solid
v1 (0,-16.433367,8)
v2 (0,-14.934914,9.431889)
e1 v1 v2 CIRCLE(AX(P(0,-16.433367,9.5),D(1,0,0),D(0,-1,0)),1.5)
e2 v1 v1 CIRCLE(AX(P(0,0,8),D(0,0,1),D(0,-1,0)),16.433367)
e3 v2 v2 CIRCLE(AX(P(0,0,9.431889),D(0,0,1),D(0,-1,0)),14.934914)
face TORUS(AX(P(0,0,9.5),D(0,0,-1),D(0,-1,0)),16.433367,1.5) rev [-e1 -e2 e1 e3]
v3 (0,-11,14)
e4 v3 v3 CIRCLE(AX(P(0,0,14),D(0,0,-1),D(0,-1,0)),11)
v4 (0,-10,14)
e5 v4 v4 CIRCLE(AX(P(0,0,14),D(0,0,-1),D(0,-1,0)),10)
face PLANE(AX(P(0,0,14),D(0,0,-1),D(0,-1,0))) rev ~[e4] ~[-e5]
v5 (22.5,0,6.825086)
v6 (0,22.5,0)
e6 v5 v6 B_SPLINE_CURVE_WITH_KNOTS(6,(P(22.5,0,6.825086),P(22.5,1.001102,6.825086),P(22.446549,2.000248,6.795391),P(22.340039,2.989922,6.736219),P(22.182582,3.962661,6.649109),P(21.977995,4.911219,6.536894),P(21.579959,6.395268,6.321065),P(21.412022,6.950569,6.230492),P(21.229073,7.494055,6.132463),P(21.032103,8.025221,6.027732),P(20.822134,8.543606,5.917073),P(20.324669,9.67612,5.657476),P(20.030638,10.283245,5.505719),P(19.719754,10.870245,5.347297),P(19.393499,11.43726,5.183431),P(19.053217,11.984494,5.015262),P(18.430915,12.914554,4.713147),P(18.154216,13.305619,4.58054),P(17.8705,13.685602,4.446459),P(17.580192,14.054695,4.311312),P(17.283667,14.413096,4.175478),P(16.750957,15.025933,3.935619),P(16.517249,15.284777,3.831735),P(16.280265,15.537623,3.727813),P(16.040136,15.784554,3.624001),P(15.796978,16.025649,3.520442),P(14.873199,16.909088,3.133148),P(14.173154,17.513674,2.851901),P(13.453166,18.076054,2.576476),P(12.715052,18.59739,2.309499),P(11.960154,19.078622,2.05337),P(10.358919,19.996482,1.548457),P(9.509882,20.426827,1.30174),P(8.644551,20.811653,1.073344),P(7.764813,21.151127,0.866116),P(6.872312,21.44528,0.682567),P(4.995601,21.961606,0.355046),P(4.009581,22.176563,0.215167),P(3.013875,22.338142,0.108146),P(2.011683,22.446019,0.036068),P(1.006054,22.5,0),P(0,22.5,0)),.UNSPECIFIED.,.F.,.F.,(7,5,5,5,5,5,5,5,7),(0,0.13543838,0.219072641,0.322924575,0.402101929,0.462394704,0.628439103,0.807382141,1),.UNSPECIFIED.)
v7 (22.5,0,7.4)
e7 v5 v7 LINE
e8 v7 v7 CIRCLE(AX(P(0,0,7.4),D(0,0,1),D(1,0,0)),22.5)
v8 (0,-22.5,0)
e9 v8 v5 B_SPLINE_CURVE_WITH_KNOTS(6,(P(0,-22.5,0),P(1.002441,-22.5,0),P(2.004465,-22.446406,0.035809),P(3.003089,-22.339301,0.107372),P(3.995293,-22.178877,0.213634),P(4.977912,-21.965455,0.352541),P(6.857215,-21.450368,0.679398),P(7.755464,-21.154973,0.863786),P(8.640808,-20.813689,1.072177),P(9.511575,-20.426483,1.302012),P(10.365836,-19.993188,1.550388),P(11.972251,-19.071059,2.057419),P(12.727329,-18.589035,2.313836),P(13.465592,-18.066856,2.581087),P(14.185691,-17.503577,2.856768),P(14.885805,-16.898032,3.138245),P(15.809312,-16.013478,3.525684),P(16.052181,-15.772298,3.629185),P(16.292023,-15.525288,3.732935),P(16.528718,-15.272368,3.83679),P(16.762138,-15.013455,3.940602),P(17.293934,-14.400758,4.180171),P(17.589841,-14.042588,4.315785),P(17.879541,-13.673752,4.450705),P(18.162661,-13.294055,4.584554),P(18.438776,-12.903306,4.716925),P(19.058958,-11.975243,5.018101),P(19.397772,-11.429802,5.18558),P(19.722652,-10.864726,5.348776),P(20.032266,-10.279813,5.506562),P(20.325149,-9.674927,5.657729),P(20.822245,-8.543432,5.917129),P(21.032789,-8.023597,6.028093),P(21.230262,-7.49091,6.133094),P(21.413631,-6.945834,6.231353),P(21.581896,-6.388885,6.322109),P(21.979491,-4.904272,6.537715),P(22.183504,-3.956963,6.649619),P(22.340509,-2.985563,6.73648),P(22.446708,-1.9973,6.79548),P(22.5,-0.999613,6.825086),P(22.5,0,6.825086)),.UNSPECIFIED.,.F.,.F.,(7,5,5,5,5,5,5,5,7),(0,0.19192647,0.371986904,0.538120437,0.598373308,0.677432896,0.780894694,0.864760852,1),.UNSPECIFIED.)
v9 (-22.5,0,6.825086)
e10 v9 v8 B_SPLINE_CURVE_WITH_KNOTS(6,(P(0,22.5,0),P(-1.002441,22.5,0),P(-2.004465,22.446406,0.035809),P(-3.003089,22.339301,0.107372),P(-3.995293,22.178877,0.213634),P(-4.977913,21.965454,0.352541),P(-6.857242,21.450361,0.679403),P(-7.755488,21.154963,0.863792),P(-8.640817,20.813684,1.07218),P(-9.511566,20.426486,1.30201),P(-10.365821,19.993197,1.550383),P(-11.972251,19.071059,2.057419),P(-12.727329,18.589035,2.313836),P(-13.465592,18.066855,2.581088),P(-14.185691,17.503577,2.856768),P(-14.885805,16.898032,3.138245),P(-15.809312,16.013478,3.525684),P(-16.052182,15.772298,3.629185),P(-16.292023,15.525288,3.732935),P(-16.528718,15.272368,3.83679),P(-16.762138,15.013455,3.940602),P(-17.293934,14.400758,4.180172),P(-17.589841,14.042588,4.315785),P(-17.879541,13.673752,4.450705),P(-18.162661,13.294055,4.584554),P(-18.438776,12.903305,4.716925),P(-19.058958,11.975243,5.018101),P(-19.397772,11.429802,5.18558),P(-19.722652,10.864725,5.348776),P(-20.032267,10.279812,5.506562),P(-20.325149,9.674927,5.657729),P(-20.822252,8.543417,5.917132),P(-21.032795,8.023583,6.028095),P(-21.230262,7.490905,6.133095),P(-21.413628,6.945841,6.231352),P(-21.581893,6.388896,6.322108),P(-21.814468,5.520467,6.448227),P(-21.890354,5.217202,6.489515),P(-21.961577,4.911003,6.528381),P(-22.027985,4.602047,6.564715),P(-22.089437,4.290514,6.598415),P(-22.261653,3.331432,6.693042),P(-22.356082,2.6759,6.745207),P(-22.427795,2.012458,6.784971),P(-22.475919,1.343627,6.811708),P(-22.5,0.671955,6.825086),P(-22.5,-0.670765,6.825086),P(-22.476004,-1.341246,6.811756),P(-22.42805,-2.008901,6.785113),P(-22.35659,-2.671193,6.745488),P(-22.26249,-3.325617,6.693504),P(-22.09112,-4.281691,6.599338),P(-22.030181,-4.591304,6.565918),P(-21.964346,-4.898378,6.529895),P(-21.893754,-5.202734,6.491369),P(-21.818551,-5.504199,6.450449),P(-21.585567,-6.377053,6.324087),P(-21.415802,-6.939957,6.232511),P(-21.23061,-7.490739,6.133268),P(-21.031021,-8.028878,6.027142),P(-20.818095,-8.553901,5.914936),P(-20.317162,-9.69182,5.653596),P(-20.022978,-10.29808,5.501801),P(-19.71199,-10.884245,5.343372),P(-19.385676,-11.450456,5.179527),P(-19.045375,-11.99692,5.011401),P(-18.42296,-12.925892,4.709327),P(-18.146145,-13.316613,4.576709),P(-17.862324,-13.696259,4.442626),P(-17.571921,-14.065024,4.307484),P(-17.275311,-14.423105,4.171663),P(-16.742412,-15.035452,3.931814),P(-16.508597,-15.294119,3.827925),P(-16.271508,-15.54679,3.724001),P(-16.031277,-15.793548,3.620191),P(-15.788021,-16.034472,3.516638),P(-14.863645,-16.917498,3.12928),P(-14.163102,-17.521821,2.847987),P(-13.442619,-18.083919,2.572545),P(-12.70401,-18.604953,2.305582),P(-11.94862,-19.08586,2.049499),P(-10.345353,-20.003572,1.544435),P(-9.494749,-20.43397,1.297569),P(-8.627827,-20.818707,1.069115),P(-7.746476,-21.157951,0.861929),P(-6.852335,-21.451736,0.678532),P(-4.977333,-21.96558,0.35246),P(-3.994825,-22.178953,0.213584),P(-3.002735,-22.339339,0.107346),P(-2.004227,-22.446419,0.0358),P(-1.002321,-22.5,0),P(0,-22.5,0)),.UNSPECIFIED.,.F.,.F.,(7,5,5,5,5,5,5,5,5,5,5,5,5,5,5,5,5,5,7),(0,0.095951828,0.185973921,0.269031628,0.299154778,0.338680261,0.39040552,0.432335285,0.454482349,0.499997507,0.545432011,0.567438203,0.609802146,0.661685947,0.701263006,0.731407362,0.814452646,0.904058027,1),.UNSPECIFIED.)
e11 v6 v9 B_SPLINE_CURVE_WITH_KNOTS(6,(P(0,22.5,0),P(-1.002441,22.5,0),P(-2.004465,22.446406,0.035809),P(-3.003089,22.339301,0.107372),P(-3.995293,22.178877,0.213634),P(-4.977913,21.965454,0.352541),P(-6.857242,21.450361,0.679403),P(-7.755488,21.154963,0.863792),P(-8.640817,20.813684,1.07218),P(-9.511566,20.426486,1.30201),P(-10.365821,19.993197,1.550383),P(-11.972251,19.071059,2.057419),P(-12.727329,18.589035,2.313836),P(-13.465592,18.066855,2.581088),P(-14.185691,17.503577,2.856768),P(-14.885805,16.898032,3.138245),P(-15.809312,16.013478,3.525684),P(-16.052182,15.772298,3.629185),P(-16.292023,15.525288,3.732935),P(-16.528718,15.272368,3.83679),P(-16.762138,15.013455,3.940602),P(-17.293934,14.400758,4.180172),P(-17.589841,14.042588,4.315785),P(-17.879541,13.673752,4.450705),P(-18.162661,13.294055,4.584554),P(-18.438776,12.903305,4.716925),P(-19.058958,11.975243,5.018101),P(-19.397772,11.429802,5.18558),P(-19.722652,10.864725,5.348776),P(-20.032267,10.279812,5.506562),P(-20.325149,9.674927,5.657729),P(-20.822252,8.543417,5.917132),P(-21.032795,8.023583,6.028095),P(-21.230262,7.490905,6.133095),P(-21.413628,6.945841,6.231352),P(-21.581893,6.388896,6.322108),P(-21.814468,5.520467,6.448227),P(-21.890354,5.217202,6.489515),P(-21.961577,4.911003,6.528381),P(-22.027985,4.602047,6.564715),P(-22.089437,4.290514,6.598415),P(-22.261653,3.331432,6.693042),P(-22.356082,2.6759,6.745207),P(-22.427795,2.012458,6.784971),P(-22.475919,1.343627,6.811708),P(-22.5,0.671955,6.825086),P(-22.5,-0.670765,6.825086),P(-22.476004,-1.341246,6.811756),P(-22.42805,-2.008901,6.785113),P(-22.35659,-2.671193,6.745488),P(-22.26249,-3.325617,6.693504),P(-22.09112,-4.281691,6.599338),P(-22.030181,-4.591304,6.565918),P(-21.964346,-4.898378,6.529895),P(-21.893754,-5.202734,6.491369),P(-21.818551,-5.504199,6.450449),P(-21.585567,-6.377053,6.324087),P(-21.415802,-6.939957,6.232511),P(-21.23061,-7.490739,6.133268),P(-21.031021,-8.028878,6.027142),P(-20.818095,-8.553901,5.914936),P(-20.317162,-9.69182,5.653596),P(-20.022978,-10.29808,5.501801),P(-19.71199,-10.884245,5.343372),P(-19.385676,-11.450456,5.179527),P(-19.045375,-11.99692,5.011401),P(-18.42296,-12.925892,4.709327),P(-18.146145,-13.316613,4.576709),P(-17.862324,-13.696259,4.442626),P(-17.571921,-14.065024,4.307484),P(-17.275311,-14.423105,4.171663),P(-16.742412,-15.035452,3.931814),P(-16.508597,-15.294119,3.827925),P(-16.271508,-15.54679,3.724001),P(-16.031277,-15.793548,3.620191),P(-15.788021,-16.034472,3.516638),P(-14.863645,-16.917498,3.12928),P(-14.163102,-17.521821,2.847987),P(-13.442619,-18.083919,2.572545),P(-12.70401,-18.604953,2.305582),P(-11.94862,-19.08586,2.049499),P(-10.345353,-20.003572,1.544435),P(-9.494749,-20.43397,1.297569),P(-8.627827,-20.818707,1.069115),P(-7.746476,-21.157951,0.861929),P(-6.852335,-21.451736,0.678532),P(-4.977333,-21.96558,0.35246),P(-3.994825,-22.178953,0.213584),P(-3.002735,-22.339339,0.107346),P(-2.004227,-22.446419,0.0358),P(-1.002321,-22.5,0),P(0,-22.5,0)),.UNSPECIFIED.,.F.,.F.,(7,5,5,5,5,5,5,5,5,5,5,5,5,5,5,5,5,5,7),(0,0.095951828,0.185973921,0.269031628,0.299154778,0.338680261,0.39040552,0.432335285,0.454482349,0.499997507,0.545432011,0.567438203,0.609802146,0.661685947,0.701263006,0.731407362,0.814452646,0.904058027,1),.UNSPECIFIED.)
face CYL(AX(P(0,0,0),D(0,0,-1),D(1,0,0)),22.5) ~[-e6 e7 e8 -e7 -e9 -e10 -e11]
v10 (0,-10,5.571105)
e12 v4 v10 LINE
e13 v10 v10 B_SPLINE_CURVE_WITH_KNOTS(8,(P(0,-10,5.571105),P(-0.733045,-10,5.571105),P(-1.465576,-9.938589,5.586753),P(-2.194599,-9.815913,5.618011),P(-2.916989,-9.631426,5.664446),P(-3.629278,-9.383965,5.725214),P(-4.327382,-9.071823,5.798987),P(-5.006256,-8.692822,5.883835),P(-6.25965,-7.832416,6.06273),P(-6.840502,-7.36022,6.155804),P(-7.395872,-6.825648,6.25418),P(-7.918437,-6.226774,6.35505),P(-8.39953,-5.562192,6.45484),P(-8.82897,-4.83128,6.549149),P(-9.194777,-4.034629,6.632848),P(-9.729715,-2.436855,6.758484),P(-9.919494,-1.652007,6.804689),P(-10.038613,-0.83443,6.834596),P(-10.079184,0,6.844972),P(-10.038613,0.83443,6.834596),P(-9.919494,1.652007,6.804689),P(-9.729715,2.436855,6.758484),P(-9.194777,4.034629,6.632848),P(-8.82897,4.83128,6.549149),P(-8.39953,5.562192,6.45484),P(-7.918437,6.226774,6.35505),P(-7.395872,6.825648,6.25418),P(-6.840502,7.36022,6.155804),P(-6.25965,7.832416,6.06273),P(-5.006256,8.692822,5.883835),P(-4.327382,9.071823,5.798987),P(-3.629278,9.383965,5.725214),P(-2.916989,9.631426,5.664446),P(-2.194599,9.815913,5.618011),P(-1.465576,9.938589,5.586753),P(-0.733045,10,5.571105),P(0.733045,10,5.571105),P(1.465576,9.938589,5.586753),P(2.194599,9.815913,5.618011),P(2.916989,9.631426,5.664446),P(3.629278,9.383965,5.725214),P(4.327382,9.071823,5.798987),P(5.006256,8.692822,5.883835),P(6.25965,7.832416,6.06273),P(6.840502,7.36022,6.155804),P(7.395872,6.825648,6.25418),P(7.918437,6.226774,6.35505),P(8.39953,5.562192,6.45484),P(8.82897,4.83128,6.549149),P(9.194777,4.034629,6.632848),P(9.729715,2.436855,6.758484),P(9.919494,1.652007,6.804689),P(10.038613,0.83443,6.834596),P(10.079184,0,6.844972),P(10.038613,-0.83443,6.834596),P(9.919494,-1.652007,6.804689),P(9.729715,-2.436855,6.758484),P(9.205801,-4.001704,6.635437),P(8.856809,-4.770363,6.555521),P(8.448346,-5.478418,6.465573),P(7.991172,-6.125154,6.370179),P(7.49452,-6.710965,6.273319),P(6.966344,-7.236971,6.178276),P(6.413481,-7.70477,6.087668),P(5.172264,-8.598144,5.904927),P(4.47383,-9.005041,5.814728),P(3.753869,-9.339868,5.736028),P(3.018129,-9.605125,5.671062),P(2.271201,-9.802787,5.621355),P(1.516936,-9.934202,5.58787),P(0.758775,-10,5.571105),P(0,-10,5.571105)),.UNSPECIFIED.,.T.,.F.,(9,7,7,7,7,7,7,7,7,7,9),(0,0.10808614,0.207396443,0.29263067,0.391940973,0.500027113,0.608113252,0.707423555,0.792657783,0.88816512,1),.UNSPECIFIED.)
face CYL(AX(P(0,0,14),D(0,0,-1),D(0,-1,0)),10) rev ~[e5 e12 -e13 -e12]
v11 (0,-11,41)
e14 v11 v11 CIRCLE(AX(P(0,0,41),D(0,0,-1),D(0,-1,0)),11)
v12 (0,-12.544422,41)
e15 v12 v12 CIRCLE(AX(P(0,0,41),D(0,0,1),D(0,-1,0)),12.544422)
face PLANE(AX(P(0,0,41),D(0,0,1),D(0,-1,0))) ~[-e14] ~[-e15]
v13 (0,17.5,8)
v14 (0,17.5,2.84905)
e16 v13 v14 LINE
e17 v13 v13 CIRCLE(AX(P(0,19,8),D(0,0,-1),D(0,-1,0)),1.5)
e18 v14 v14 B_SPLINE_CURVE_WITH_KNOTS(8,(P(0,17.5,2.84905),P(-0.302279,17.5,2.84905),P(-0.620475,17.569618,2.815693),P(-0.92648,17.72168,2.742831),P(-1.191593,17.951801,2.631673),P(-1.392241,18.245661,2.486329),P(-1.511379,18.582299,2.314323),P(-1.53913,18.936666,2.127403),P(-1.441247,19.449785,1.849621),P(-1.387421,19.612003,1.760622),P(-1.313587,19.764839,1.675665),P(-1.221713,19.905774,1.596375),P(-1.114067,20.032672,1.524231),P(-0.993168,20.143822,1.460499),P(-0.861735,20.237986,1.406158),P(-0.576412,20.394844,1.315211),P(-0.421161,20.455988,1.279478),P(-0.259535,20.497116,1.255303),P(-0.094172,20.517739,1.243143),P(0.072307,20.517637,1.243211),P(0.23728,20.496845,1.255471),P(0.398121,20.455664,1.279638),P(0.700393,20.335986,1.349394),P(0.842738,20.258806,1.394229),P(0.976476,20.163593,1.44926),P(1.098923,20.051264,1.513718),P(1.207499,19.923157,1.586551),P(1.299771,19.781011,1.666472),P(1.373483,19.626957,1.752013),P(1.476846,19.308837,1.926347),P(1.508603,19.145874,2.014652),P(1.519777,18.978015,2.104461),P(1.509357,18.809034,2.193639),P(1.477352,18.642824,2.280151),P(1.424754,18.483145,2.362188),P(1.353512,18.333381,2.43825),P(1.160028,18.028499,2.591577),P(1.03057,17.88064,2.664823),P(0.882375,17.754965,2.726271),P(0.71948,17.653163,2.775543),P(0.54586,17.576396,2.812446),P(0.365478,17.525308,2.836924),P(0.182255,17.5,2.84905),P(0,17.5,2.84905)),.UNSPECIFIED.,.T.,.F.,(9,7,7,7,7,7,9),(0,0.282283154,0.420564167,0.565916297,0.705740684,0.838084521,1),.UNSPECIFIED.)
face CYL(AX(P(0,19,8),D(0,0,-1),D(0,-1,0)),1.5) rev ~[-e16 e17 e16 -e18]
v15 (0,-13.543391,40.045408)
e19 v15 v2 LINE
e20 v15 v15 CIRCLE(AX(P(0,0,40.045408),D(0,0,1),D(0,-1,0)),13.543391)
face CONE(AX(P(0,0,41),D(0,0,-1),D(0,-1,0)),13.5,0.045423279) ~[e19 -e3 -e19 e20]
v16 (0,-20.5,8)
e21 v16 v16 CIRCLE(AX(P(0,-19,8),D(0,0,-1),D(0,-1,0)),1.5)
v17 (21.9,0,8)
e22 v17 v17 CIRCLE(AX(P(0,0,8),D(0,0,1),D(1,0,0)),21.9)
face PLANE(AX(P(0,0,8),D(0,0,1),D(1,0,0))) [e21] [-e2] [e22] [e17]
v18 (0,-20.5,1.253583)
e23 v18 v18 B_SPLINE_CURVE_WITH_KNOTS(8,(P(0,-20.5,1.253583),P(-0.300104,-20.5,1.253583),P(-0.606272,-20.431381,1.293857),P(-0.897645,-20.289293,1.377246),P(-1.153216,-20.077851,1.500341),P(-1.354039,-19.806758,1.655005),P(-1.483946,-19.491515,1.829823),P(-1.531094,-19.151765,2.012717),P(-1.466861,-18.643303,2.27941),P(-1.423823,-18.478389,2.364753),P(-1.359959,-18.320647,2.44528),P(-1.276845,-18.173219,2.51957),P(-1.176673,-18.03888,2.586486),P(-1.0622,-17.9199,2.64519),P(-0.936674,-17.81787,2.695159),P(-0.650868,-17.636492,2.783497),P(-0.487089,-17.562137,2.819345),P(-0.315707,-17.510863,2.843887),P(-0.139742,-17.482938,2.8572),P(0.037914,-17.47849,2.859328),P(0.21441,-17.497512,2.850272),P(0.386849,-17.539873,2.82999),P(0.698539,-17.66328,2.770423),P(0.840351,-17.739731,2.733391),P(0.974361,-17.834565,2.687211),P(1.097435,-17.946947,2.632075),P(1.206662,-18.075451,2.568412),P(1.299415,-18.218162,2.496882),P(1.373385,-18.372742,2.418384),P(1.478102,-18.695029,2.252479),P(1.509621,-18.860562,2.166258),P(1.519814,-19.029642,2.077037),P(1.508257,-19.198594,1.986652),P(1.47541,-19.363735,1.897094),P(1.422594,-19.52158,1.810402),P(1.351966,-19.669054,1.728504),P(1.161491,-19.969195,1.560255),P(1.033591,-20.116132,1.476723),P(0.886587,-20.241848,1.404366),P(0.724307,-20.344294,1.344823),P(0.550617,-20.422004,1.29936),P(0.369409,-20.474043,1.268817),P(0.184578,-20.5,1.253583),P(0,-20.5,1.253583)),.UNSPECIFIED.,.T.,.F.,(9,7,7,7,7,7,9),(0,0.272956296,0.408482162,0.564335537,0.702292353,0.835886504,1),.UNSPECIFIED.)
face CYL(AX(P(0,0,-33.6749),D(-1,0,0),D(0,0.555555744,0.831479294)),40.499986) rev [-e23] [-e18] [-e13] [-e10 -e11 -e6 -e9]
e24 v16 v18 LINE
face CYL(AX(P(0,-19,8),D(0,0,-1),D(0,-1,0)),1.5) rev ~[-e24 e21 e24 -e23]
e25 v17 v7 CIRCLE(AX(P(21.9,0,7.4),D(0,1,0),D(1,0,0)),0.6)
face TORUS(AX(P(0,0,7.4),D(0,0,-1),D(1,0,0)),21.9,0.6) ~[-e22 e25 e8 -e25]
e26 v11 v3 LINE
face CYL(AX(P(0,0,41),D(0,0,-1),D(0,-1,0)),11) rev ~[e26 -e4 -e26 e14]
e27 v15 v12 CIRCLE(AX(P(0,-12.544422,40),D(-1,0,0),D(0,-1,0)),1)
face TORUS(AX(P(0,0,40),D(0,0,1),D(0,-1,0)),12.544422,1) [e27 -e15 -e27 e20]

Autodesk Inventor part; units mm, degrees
ref_plane "XZ Plane" through (0, 0, 0) normal (0, 1, 0) x (-1, 0, 0)
sketch "Sketch1" plane through (0, 0, 0) normal (0, 0, 1) x (1, 0, 0)
  circle A0 centre (0, 0) radius 22.5
  dimension "d0" = 45
extrude "Extrusion1" add sketch "Sketch1" along normal blind 8
ref_plane "Work Plane1" through (0, 0, 0) normal (1, 0, 0) x (0, 1, 0)
sketch "Sketch3" plane through (0, 0, 0) normal (1, 0, 0) x (0, 1, 0)
  line L0 (22.5, 8) -> (-22.5, 8) projected
  line L1 (22.5, 0) -> (-22.5, 0) projected
  line L2 (0, 8) -> (0, 41)
  line L3 (0, 41) -> (-13.5, 41)
  line L4 (-13.5, 41) -> (-15, 8)
  point P0 (0, 0)
  dimension "d4" = 27
  dimension "d5" = 33
  dimension "d6" = 30
revolve "Revolution1" add sketch "Sketch3" angle 360 about axis through (0, 0, 8) along (0, 0, 1)
fillet "Fillet1" radius 1.5 1 edges at (0, 15, 8)
sketch "Sketch5" plane through (0, 0, 0) normal (1, 0, 0) x (0, 1, 0)
  arc A0 (22.5, 0) -> (-22.5, 0) centre (0, -33.6749) ccw
  line L0 (22.5, 0) -> (-22.5, 0) projected
  point P0 (0, 0)
  dimension "d16" = 81
extrude "Extrusion2" cut sketch "Sketch5" along normal mid plane 45
fillet "Fillet2" radius 0.6 1 edges at (-22.5, 0, 8)
fillet "Fillet3" radius 1 1 edges at (0, 13.5, 41)
sketch "Sketch6" plane through (0, 0, 41) normal (0, 0, 1) x (1, 0, 0)
  circle A0 centre (0, 0) radius 13.5 projected
hole "Hole2" at (0, 0, 41) direction (0, 0, -1) diameter 20 end through all counterbore diameter 22 counterbore depth 27
sketch "Sketch7" plane through (0, 0, 8) normal (0, 0, 1) x (1, 0, 0)
  point P0 (0, 0)
  point P1 (0, -19)
  point P2 (0, 19)
  dimension "d27" = 19
  dimension "d28" = 19
hole "Hole3" at (0, -19, 8) at (0, 19, 8) direction (0, 0, -1) diameter 3 end through all
ref_plane "Work Plane2" through (0, 0, 0) normal (0, 0, 1) x (1, 0, 0)
sketch "Sketch9" plane through (0, 0, 0) normal (0, 0, 1) x (1, 0, 0)
  circle A0 centre (0, 0) radius 22.5
  dimension "d39" = 45
equation "\"d28\" = d27"
properties part number "131" material "Aluminum 6061-AHC"
